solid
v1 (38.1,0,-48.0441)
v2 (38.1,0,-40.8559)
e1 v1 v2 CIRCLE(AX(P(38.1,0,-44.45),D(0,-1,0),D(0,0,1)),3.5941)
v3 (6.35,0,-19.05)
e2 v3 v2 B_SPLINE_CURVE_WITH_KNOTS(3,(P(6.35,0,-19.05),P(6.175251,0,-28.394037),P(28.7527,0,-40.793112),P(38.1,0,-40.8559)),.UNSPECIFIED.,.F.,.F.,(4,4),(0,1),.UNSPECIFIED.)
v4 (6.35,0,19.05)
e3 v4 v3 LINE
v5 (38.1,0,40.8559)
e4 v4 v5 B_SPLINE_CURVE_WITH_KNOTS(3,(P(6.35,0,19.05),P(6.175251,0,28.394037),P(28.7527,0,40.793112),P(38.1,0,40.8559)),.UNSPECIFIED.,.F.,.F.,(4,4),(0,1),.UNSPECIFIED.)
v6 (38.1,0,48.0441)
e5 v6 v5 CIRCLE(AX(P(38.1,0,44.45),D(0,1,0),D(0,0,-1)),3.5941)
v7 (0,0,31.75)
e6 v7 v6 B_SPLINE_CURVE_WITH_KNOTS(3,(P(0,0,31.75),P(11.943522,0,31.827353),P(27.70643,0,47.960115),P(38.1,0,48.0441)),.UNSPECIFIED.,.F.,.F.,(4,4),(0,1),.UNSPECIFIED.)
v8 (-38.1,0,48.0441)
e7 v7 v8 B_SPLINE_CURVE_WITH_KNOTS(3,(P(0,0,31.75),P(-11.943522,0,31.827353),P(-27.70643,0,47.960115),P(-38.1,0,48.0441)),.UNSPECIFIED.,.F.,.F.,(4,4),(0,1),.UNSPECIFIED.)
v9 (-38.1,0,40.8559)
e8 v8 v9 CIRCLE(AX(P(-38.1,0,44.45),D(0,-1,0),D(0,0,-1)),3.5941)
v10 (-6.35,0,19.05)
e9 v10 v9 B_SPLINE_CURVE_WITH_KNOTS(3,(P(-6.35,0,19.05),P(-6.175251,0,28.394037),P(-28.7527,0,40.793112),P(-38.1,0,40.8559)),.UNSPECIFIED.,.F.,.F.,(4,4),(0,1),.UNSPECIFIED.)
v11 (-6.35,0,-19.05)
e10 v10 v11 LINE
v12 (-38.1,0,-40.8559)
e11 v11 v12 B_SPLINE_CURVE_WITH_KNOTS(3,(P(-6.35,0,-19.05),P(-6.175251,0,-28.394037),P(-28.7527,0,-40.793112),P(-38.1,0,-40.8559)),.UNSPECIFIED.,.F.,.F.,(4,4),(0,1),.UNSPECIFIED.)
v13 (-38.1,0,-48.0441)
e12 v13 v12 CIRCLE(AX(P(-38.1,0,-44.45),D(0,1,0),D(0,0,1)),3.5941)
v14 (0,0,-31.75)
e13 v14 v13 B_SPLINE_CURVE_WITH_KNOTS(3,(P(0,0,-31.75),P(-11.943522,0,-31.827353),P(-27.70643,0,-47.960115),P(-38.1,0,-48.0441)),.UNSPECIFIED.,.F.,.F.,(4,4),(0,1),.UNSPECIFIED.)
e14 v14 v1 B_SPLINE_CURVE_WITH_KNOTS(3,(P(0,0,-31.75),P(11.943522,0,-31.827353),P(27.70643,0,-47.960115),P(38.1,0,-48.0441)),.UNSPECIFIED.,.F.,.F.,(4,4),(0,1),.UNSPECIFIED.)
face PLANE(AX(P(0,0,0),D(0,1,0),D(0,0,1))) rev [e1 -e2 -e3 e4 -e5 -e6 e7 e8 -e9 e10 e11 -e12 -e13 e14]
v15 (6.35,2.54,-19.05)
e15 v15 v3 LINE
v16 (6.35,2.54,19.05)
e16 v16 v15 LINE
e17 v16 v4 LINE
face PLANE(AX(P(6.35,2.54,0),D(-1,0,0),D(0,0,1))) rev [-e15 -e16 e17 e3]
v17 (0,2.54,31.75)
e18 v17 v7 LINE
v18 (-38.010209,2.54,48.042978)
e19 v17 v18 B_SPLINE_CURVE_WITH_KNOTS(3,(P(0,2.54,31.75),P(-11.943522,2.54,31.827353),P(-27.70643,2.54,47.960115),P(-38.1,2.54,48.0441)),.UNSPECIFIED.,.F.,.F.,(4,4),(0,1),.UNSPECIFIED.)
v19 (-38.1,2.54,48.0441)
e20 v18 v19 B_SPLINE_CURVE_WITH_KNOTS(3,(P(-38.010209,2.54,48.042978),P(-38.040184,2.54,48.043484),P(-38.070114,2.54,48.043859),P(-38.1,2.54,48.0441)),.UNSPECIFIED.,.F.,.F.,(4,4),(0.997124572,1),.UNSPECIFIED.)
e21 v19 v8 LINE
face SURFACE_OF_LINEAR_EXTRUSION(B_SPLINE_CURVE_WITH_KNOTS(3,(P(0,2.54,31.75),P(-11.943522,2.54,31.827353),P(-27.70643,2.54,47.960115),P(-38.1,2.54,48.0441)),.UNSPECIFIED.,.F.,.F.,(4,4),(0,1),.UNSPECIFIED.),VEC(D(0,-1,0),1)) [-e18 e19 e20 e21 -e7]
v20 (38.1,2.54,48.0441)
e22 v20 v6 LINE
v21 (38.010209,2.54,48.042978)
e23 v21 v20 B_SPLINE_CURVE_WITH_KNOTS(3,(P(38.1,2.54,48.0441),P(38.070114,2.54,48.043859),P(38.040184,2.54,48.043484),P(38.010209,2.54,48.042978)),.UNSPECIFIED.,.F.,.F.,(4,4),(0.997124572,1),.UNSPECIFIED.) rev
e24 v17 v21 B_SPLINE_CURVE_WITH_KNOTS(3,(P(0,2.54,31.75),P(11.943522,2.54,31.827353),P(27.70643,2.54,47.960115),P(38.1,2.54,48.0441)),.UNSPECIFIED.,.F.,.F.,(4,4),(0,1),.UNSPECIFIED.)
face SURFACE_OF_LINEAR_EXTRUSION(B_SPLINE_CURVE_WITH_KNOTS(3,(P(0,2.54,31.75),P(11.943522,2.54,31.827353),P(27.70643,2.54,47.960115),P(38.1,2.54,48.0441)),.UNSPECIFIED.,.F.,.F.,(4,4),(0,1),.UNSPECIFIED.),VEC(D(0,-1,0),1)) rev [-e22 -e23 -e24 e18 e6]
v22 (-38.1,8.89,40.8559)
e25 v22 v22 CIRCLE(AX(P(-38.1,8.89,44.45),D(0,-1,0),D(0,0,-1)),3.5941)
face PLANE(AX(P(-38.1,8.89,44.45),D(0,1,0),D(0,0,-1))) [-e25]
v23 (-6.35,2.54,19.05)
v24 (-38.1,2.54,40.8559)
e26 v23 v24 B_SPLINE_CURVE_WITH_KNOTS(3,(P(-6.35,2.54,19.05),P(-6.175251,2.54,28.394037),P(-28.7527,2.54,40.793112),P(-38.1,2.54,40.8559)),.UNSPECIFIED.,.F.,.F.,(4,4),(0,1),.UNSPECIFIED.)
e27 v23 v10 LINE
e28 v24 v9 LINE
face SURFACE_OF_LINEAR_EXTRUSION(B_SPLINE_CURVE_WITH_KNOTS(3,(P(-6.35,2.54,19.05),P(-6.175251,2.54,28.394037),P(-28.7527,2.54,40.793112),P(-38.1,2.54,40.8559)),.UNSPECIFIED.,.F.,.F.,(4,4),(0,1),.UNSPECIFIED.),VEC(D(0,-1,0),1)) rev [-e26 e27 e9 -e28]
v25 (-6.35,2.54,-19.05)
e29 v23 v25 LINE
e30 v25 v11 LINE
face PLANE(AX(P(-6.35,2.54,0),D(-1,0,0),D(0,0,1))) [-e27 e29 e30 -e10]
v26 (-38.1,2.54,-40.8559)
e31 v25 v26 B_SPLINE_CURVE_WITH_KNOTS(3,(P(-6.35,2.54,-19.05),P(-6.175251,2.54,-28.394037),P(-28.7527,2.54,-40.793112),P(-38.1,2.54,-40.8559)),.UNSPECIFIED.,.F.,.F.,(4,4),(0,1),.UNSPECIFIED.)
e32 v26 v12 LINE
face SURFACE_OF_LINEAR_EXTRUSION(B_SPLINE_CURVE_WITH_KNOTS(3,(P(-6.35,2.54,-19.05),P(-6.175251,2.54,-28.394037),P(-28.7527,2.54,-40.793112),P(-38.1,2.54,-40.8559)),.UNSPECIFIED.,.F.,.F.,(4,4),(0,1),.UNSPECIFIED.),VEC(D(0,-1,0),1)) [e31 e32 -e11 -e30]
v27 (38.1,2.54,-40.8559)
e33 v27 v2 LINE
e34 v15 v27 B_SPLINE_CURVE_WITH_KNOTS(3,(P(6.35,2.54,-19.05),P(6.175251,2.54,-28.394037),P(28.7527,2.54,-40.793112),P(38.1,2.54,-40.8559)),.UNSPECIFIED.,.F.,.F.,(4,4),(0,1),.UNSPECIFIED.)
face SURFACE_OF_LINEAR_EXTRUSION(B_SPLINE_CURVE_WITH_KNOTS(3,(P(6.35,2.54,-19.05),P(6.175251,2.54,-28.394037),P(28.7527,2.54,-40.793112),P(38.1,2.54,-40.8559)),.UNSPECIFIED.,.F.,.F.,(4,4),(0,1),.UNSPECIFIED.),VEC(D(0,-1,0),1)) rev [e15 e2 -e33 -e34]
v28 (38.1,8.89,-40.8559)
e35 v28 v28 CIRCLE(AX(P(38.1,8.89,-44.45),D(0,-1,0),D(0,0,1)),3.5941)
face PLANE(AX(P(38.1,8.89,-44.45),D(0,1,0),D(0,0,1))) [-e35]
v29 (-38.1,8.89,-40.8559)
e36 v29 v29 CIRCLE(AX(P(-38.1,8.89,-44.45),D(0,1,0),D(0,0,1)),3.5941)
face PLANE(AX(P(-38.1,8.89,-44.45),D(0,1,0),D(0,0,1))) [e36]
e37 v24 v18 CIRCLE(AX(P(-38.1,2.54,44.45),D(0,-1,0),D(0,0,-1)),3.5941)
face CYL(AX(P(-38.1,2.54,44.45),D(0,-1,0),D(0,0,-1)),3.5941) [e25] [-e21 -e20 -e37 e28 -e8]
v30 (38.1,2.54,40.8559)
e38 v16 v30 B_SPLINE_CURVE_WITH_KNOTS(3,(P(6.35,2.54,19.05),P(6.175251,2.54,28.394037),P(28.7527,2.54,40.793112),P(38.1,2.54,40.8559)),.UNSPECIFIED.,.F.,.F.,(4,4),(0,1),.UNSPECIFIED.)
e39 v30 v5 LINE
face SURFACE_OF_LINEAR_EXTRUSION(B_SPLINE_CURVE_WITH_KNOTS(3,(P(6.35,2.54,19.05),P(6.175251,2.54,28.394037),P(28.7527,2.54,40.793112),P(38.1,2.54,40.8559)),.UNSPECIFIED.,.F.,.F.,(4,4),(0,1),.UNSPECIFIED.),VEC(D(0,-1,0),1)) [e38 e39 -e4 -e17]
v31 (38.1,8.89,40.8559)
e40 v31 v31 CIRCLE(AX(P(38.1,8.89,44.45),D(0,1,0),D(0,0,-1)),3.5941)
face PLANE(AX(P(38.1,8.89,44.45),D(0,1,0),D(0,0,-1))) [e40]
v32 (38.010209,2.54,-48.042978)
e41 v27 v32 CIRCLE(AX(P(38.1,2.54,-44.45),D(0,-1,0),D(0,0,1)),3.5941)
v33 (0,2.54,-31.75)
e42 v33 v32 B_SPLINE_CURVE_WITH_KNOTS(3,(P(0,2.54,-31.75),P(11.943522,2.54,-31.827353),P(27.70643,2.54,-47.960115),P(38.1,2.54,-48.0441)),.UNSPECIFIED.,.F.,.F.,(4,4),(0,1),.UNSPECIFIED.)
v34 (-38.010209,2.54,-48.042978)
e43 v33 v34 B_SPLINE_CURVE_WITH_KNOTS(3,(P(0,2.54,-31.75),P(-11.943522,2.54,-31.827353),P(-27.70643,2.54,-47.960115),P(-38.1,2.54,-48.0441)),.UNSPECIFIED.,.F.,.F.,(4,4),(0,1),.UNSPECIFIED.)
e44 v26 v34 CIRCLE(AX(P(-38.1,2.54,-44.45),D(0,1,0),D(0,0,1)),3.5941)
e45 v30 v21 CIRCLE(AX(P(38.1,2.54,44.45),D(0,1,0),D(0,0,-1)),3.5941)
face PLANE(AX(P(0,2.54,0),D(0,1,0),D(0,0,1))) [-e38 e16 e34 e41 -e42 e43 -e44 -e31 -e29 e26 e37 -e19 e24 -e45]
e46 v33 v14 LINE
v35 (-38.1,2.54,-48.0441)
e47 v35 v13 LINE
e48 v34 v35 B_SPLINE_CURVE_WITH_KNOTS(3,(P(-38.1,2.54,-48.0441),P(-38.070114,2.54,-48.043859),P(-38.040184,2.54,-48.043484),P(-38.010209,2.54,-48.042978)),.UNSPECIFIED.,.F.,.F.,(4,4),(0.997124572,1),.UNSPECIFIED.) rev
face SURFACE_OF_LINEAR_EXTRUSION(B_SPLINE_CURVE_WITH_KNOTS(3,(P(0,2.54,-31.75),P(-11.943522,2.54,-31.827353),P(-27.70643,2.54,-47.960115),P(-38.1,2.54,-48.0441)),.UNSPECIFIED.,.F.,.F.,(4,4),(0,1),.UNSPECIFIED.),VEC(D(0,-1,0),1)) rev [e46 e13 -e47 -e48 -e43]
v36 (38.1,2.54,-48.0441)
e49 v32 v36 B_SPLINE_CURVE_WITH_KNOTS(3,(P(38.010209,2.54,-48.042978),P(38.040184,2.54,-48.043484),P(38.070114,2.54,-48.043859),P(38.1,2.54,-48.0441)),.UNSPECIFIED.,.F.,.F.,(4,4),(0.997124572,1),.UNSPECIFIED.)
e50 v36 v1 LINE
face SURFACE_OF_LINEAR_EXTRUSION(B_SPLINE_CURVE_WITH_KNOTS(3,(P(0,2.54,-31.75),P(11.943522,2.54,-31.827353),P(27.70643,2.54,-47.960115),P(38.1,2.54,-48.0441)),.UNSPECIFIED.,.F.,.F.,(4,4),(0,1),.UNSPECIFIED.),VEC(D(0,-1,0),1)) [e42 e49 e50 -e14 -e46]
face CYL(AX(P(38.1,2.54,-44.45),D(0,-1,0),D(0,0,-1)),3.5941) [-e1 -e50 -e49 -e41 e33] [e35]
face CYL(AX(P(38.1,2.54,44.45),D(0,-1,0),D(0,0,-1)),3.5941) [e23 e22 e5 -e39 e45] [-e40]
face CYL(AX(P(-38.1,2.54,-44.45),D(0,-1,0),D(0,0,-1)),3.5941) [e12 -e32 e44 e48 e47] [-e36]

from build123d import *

# Parameters (mm, degrees)
BOSS_EXTRUDE1_DEPTH                        = 2.54
SKETCH2_R                                  = 3.594100000000004
BOSS_EXTRUDE2_DEPTH                        = 6.35
MIRROR1_AT_THE_SECOND_PLANE_COPY_1_DEPTH   = 2.54
MIRROR1_AT_THE_SECOND_PLANE_COPY_2_SKETC_R = 3.594100000000004
MIRROR1_AT_THE_SECOND_PLANE_COPY_2_DEPTH   = 6.35


with BuildPart() as part:
    # Sketch1 → Boss-Extrude1 (new body)
    with BuildSketch(Plane(origin=(0, 0, 0), x_dir=(1, 0, 0), z_dir=(0, 1, 0))):
        with BuildLine():
            Line((-6.35, -7.8e-16), (0, 0))
            Line((0, 0), (0, 31.75))
            add(Edge.make_bspline(
                [(0, 31.75), (-11.909179237119448, 31.827130893047123), (-27.615811236602134, 47.867470834719654), (-38.01020913703169, 48.0429782090805)],
                knots=[0, 0, 0, 0, 0.9971245716363047, 0.9971245716363047, 0.9971245716363047, 0.9971245716363047], degree=3))
            ThreePointArc((-38.01020913703169, 48.0429782090805), (-35.52703749049909, 46.95946582656603), (-34.5059, 44.44999999999999))
            ThreePointArc((-34.5059, 44.44999999999999), (-35.55858751773743, 41.908587517737416), (-38.1, 40.855899999999984))
            add(Edge.make_bspline(
                [(-6.35, 19.05), (-6.175250797111612, 28.394037165914764), (-28.752700179166496, 40.793112384563265), (-38.1, 40.855899999999984)],
                knots=[0, 0, 0, 0, 1, 1, 1, 1], degree=3))
            Line((-6.35, 19.05), (-6.35, -7.8e-16))
        make_face()
        with BuildLine():
            add(Edge.make_bspline(
                [(-38.01020913703169, 48.0429782090805), (-38.04018367320963, 48.043484323257836), (-38.07011403368422, 48.04385850798247), (-38.100000000000016, 48.04409999999999)],
                knots=[0.9971245716363047, 0.9971245716363047, 0.9971245716363047, 0.9971245716363047, 1, 1, 1, 1], degree=3))
            ThreePointArc((-38.01020913703169, 48.0429782090805), (-38.05510106491391, 48.04381954132759), (-38.100000000000016, 48.04409999999999))
        make_face()
        with BuildLine():
            ThreePointArc((-34.5059, 44.44999999999999), (-35.52703749049909, 46.95946582656603), (-38.01020913703169, 48.0429782090805))
            add(Edge.make_bspline(
                [(-38.01020913703169, 48.0429782090805), (-38.04018367320963, 48.043484323257836), (-38.07011403368422, 48.04385850798247), (-38.100000000000016, 48.04409999999999)],
                knots=[0.9971245716363047, 0.9971245716363047, 0.9971245716363047, 0.9971245716363047, 1, 1, 1, 1], degree=3))
            ThreePointArc((-38.100000000000016, 48.04409999999999), (-41.694100000000006, 44.44999999999998), (-38.1, 40.855899999999984))
            ThreePointArc((-38.1, 40.855899999999984), (-35.55858751773743, 41.908587517737416), (-34.5059, 44.44999999999999))
        make_face()
    boss_extrude1 = extrude(amount=BOSS_EXTRUDE1_DEPTH)

    # Sketch2 → Boss-Extrude2 (add)
    with BuildSketch(Plane(origin=(0, 2.54, 0), x_dir=(1, 0, 0), z_dir=(0, 1, 0))):
        with Locations(Location((-38.1, 44.44999999999999, 0), (0, 0, 270))):
            Circle(SKETCH2_R)
    boss_extrude2 = extrude(amount=BOSS_EXTRUDE2_DEPTH)

    # Mirror1: Boss-Extrude1, Boss-Extrude2 across plane
    add(boss_extrude1.mirror(Plane(origin=(0, 0, 0), x_dir=(0, 0, 1), z_dir=(1, 0, 0))))
    add(boss_extrude2.mirror(Plane(origin=(0, 0, 0), x_dir=(0, 0, 1), z_dir=(1, 0, 0))))

    # Mirror1 at the second plane: Boss-Extrude1, Boss-Extrude2 across plane
    add(boss_extrude1.mirror(Plane.XY))
    add(boss_extrude2.mirror(Plane.XY))

    # Mirror1 at the second plane copy 1 sketc → Mirror1 at the second plane copy 1 (add)
    with BuildSketch(Plane(origin=(0, 0, 0), x_dir=(-1, 0, 0), z_dir=(0, 1, 0))):
        with BuildLine():
            Line((-6.35, -7.8e-16), (0, 0))
            Line((0, 0), (0, 31.75))
            add(Edge.make_bspline(
                [(0, 31.75), (-11.909179237119448, 31.827130893047123), (-27.615811236602134, 47.867470834719654), (-38.01020913703169, 48.0429782090805)],
                knots=[0, 0, 0, 0, 0.9971245716363047, 0.9971245716363047, 0.9971245716363047, 0.9971245716363047], degree=3))
            ThreePointArc((-38.01020913703169, 48.0429782090805), (-35.52703749049909, 46.95946582656603), (-34.5059, 44.44999999999999))
            ThreePointArc((-34.5059, 44.44999999999999), (-35.55858751773743, 41.908587517737416), (-38.1, 40.855899999999984))
            add(Edge.make_bspline(
                [(-6.35, 19.05), (-6.175250797111612, 28.394037165914764), (-28.752700179166496, 40.793112384563265), (-38.1, 40.855899999999984)],
                knots=[0, 0, 0, 0, 1, 1, 1, 1], degree=3))
            Line((-6.35, 19.05), (-6.35, -7.8e-16))
        make_face()
        with BuildLine():
            add(Edge.make_bspline(
                [(-38.01020913703169, 48.0429782090805), (-38.04018367320963, 48.043484323257836), (-38.07011403368422, 48.04385850798247), (-38.100000000000016, 48.04409999999999)],
                knots=[0.9971245716363047, 0.9971245716363047, 0.9971245716363047, 0.9971245716363047, 1, 1, 1, 1], degree=3))
            ThreePointArc((-38.01020913703169, 48.0429782090805), (-38.05510106491391, 48.04381954132759), (-38.100000000000016, 48.04409999999999))
        make_face()
        with BuildLine():
            ThreePointArc((-34.5059, 44.44999999999999), (-35.52703749049909, 46.95946582656603), (-38.01020913703169, 48.0429782090805))
            add(Edge.make_bspline(
                [(-38.01020913703169, 48.0429782090805), (-38.04018367320963, 48.043484323257836), (-38.07011403368422, 48.04385850798247), (-38.100000000000016, 48.04409999999999)],
                knots=[0.9971245716363047, 0.9971245716363047, 0.9971245716363047, 0.9971245716363047, 1, 1, 1, 1], degree=3))
            ThreePointArc((-38.100000000000016, 48.04409999999999), (-41.694100000000006, 44.44999999999998), (-38.1, 40.855899999999984))
            ThreePointArc((-38.1, 40.855899999999984), (-35.55858751773743, 41.908587517737416), (-34.5059, 44.44999999999999))
        make_face()
    extrude(amount=MIRROR1_AT_THE_SECOND_PLANE_COPY_1_DEPTH)

    # Mirror1 at the second plane copy 2 sketc → Mirror1 at the second plane copy 2 (add)
    with BuildSketch(Plane(origin=(0, 2.54, 0), x_dir=(-1, 0, 0), z_dir=(0, 1, 0))):
        with Locations(Location((-38.1, 44.44999999999999, 0), (0, 0, 270))):
            Circle(MIRROR1_AT_THE_SECOND_PLANE_COPY_2_SKETC_R)
    extrude(amount=MIRROR1_AT_THE_SECOND_PLANE_COPY_2_DEPTH)


solid = part.part
